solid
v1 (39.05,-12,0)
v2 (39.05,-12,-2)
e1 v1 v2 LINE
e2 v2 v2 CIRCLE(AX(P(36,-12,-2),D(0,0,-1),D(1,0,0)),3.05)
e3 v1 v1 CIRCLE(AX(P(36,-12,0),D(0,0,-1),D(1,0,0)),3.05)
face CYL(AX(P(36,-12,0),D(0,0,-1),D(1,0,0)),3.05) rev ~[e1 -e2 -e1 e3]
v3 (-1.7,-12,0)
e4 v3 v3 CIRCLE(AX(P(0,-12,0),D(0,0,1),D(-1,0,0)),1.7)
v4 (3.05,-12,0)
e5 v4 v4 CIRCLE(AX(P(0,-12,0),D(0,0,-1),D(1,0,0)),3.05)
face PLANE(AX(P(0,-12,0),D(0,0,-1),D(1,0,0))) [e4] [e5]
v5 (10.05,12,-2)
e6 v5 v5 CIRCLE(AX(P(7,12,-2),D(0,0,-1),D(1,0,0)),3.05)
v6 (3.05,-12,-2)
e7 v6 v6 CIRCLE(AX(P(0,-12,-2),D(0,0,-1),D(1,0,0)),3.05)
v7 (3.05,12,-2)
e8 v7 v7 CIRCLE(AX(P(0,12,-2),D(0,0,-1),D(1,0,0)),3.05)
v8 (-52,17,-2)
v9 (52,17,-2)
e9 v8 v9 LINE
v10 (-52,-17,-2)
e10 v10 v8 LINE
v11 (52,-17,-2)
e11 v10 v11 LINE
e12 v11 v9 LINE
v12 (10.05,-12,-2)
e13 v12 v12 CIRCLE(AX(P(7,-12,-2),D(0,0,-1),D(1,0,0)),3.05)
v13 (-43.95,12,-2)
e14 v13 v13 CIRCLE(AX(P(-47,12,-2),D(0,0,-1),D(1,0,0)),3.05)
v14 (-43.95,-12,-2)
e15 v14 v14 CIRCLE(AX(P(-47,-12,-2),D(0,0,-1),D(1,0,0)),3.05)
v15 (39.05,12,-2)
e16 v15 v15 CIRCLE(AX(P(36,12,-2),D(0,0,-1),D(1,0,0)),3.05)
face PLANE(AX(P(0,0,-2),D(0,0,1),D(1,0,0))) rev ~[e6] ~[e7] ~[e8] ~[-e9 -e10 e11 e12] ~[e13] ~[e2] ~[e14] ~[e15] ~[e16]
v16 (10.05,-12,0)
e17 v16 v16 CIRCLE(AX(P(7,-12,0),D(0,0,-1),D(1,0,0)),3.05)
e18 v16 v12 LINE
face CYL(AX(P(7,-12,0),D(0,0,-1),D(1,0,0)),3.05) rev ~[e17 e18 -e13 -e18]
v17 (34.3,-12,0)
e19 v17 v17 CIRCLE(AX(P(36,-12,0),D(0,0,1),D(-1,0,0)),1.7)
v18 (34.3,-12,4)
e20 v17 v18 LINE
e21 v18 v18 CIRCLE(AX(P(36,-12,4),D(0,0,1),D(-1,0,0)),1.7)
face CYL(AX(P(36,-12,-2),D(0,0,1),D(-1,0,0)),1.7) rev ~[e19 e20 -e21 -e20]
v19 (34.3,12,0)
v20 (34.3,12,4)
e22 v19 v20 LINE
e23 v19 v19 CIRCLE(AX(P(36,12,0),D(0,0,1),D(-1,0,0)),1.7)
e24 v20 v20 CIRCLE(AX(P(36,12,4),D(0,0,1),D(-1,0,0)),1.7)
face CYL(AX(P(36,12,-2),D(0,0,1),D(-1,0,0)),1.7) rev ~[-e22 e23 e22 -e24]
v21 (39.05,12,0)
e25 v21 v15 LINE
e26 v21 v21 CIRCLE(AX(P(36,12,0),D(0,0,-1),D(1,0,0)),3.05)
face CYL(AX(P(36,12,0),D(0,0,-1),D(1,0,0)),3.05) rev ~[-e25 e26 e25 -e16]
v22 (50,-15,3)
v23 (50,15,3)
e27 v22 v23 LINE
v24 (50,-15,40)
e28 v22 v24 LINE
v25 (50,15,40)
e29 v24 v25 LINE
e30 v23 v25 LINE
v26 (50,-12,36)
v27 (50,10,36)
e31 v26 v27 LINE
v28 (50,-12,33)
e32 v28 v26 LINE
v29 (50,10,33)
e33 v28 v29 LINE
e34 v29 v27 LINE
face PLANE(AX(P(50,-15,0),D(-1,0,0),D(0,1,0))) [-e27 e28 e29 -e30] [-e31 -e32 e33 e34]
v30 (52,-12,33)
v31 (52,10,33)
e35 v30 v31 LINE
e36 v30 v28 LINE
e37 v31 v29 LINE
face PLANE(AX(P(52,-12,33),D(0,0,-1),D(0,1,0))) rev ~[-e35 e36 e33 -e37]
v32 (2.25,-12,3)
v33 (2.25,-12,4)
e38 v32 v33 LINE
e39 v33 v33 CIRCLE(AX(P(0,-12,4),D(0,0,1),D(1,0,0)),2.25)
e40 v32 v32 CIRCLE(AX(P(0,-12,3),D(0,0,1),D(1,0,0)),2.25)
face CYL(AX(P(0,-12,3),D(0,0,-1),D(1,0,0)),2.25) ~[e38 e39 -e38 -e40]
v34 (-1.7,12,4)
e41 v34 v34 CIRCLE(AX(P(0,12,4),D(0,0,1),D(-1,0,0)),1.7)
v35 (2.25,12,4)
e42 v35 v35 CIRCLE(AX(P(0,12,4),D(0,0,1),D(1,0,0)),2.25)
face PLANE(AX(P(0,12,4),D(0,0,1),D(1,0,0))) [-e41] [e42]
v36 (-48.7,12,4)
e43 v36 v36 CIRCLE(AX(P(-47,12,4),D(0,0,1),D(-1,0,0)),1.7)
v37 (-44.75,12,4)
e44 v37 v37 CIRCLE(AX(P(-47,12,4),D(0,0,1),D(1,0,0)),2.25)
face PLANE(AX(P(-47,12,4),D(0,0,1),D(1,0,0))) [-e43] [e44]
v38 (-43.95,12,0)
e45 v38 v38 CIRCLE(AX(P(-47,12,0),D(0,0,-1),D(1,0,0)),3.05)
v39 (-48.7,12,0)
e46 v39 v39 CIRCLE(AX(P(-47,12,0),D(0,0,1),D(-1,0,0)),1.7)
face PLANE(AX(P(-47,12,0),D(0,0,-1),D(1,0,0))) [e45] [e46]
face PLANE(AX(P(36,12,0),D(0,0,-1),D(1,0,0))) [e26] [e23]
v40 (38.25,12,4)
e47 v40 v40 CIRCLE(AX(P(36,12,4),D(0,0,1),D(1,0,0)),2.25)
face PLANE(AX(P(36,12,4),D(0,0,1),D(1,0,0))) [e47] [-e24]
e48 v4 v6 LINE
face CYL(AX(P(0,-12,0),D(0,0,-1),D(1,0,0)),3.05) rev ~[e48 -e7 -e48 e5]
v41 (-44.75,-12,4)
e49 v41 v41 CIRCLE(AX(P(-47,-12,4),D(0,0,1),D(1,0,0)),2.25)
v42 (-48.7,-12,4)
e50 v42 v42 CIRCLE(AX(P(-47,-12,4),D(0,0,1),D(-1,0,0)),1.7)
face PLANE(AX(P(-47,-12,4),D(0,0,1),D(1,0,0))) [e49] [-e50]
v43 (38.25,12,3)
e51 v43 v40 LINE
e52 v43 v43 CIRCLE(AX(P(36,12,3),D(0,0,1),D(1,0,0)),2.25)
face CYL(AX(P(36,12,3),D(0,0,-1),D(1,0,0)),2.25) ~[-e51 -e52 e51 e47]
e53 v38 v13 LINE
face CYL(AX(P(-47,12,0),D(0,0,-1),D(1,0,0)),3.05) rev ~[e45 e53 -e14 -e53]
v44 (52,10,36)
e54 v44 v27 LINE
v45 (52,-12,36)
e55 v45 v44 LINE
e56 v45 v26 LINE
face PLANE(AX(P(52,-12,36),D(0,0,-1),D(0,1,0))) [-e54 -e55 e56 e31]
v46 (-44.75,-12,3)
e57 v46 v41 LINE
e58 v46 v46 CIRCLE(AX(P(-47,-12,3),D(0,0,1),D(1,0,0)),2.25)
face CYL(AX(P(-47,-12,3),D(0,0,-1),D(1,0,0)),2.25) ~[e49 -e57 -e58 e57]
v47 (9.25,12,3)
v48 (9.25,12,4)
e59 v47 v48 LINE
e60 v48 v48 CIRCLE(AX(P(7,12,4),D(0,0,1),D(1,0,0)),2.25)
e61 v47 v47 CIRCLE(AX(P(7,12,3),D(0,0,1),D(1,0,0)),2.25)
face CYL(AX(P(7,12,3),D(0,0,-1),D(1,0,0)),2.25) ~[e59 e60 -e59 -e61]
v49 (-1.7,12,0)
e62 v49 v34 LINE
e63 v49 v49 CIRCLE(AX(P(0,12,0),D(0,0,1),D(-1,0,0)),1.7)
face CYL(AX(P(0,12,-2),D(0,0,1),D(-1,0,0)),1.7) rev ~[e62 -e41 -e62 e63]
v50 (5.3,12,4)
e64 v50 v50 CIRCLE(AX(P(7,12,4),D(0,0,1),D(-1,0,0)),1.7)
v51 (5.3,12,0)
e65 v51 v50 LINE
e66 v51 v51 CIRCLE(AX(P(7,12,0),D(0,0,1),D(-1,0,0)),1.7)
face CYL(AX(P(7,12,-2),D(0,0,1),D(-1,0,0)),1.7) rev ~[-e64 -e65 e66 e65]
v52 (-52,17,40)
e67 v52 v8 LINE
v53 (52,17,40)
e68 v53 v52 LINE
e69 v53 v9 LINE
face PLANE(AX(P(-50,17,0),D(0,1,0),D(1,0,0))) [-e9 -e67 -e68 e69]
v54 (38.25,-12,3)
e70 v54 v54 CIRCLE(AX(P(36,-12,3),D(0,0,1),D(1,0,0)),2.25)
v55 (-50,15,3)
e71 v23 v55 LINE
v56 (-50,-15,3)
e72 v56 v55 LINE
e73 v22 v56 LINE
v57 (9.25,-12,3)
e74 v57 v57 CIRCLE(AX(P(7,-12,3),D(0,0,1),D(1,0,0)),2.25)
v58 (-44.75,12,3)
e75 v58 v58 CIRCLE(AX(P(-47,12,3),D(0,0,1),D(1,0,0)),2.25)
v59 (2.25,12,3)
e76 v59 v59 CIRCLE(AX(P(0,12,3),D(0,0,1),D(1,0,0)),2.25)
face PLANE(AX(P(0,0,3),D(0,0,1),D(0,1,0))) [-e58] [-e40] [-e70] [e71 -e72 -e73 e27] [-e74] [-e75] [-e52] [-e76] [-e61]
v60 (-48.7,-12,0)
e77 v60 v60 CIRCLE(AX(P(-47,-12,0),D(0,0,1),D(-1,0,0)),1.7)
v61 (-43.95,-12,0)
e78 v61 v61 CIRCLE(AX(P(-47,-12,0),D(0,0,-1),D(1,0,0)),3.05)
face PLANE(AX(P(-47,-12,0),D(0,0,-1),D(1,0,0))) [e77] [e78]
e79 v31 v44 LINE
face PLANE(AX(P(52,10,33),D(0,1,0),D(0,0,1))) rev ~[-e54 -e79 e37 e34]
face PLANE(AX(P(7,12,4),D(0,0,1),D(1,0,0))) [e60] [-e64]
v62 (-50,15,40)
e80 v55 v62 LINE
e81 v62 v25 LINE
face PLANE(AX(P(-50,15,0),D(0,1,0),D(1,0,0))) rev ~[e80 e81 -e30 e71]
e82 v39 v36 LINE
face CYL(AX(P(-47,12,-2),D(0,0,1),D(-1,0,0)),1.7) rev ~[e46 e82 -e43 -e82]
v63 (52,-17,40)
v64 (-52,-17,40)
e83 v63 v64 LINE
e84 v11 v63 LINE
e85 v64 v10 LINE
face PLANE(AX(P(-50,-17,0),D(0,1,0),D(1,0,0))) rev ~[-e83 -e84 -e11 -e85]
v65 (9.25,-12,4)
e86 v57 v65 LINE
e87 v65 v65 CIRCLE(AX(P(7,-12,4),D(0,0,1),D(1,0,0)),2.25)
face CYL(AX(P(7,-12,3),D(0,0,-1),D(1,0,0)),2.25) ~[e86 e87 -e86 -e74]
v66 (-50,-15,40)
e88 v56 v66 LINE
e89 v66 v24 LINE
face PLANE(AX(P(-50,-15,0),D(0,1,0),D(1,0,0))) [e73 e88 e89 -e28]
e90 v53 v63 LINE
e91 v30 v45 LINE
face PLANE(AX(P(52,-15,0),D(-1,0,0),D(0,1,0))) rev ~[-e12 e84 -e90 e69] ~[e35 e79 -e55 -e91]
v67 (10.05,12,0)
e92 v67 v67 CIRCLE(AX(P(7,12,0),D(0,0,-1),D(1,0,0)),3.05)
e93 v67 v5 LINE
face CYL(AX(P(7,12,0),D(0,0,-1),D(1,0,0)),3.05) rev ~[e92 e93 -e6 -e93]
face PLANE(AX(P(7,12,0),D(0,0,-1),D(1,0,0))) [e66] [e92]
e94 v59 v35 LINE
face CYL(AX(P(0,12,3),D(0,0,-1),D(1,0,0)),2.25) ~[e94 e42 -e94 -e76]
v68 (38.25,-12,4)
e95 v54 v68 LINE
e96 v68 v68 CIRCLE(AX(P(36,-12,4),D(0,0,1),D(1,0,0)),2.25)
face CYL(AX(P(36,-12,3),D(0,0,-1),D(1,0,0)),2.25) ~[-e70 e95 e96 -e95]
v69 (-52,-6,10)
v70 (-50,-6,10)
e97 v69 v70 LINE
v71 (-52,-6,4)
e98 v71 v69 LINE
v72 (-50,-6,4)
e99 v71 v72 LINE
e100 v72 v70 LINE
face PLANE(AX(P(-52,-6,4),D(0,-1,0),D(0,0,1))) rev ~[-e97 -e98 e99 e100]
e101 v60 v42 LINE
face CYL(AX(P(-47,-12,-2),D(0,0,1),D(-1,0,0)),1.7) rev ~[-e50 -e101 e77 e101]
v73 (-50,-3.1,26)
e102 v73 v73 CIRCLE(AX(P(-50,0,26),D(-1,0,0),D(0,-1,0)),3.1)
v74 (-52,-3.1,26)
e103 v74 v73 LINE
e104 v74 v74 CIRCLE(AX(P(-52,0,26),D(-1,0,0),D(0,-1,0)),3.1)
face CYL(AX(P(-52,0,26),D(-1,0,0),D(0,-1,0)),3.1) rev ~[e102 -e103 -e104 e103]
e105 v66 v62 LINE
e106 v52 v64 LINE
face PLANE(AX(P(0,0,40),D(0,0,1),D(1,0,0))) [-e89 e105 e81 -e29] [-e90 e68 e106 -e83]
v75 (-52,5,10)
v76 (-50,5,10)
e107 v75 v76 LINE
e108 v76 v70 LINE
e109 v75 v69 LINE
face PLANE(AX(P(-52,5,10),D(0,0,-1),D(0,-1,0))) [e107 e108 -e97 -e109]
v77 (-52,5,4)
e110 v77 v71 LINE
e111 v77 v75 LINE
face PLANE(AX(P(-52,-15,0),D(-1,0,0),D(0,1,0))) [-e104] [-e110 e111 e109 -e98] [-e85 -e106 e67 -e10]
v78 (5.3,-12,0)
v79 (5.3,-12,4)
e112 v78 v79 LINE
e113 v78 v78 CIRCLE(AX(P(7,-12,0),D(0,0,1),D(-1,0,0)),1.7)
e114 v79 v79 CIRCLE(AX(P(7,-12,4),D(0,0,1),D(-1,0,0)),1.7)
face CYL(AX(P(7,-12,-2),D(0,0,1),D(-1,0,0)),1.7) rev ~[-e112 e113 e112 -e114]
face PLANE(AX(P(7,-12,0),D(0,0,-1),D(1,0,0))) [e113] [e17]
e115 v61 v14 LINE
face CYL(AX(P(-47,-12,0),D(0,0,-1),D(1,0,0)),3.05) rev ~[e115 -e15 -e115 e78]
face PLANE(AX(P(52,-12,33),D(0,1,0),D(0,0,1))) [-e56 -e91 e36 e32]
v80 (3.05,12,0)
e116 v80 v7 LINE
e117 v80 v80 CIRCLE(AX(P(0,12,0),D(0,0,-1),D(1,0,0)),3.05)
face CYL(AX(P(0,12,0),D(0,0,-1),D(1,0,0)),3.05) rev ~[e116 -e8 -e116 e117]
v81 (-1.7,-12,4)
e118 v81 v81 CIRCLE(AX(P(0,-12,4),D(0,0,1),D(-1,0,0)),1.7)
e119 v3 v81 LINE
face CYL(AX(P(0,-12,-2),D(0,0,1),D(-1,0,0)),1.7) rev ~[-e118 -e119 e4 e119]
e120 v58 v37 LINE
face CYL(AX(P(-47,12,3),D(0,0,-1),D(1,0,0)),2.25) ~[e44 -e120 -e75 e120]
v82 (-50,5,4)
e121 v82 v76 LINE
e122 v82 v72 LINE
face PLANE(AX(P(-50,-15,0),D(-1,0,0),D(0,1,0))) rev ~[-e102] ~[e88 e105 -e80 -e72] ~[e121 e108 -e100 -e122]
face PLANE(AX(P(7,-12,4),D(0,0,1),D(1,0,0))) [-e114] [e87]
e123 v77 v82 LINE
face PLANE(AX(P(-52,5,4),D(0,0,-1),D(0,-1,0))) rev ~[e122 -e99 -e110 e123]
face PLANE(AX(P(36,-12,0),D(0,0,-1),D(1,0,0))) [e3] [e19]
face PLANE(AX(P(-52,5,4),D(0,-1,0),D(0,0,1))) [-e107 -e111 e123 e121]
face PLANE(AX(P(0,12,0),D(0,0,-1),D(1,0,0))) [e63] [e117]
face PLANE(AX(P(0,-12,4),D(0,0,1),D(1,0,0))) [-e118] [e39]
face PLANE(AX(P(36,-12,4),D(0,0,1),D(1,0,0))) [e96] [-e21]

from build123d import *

# Parameters (mm, degrees)
SKETCH_W          = 100
SKETCH_H          = 30
PAD_DEPTH         = 40
THICKNESS_T       = 2
THICKNESS_FACE5_W = 30
THICKNESS_FACE5_H = 100
PAD001_DEPTH      = 3
SKETCH001_R       = 2.25
PAD002_DEPTH      = 1
HOLE_D            = 3.4
HOLE_DEPTH        = 25
HOLE_CBORE_D      = 6.1
HOLE_CBORE_DEPTH  = 2
SKETCH003_W       = 22
SKETCH003_H       = 3
POCKET_DEPTH      = 2
SKETCH004_R       = 3.1
SKETCH004_W       = 11
SKETCH004_H       = 6
POCKET001_DEPTH   = 2


with BuildPart() as part:
    # Sketch → Pad (new body)
    with BuildSketch(Plane.XY):
        Rectangle(SKETCH_W, SKETCH_H)
    extrude(amount=PAD_DEPTH)

    # Thickness
    thickness_openings = [part.faces().sort_by_distance(p)[0] for p in [
        (0, 0, 40),
    ]]
    offset(amount=THICKNESS_T, openings=thickness_openings, kind=Kind.INTERSECTION)

    # Thickness Face5 → Pad001 (add)
    with BuildSketch(Plane(origin=(0, 0, 0), x_dir=(0, 1, 0), z_dir=(0, 0, 1))):
        Rectangle(THICKNESS_FACE5_W, THICKNESS_FACE5_H)
    extrude(amount=PAD001_DEPTH)

    # Sketch001 (on Face2 of Pad001) → Pad002 (join)
    with BuildSketch(Plane.XY.offset(3)):
        with Locations((-47, 12)):
            Circle(SKETCH001_R)
        with Locations((0, 12)):
            Circle(SKETCH001_R)
        with Locations((7, 12)):
            Circle(SKETCH001_R)
        with Locations((36, 12)):
            Circle(SKETCH001_R)
        with Locations((-47, -12)):
            Circle(SKETCH001_R)
        with Locations((0, -12)):
            Circle(SKETCH001_R)
        with Locations((7, -12)):
            Circle(SKETCH001_R)
        with Locations((36, -12)):
            Circle(SKETCH001_R)
    extrude(amount=PAD002_DEPTH)

    # Hole
    with Locations(Plane(origin=(0, 0, -2), x_dir=(1, 0, 0), z_dir=(0, 0, -1))):
        with Locations((-47, 12), (0, 12), (7, 12), (36, 12), (-47, -12), (0, -12), (7, -12), (36, -12)):
            CounterBoreHole(HOLE_D / 2, HOLE_CBORE_D / 2, HOLE_CBORE_DEPTH, depth=HOLE_DEPTH)

    # Sketch003 (on Face18 of Hole) → Pocket (cut)
    with BuildSketch(Plane.YZ.offset(52)):
        with Locations((-1, 34.5)):
            Rectangle(SKETCH003_W, SKETCH003_H)
    extrude(amount=-POCKET_DEPTH, mode=Mode.SUBTRACT)

    # Sketch004 (on Face20 of Pocket) → Pocket001 (cut)
    with BuildSketch(Plane(origin=(-52, 0, 0), x_dir=(0, -1, 0), z_dir=(-1, 0, 0))):
        with Locations((0, 26)):
            Circle(SKETCH004_R)
        with Locations((0.5, 7)):
            Rectangle(SKETCH004_W, SKETCH004_H)
    extrude(amount=-POCKET001_DEPTH, mode=Mode.SUBTRACT)


solid = part.part
